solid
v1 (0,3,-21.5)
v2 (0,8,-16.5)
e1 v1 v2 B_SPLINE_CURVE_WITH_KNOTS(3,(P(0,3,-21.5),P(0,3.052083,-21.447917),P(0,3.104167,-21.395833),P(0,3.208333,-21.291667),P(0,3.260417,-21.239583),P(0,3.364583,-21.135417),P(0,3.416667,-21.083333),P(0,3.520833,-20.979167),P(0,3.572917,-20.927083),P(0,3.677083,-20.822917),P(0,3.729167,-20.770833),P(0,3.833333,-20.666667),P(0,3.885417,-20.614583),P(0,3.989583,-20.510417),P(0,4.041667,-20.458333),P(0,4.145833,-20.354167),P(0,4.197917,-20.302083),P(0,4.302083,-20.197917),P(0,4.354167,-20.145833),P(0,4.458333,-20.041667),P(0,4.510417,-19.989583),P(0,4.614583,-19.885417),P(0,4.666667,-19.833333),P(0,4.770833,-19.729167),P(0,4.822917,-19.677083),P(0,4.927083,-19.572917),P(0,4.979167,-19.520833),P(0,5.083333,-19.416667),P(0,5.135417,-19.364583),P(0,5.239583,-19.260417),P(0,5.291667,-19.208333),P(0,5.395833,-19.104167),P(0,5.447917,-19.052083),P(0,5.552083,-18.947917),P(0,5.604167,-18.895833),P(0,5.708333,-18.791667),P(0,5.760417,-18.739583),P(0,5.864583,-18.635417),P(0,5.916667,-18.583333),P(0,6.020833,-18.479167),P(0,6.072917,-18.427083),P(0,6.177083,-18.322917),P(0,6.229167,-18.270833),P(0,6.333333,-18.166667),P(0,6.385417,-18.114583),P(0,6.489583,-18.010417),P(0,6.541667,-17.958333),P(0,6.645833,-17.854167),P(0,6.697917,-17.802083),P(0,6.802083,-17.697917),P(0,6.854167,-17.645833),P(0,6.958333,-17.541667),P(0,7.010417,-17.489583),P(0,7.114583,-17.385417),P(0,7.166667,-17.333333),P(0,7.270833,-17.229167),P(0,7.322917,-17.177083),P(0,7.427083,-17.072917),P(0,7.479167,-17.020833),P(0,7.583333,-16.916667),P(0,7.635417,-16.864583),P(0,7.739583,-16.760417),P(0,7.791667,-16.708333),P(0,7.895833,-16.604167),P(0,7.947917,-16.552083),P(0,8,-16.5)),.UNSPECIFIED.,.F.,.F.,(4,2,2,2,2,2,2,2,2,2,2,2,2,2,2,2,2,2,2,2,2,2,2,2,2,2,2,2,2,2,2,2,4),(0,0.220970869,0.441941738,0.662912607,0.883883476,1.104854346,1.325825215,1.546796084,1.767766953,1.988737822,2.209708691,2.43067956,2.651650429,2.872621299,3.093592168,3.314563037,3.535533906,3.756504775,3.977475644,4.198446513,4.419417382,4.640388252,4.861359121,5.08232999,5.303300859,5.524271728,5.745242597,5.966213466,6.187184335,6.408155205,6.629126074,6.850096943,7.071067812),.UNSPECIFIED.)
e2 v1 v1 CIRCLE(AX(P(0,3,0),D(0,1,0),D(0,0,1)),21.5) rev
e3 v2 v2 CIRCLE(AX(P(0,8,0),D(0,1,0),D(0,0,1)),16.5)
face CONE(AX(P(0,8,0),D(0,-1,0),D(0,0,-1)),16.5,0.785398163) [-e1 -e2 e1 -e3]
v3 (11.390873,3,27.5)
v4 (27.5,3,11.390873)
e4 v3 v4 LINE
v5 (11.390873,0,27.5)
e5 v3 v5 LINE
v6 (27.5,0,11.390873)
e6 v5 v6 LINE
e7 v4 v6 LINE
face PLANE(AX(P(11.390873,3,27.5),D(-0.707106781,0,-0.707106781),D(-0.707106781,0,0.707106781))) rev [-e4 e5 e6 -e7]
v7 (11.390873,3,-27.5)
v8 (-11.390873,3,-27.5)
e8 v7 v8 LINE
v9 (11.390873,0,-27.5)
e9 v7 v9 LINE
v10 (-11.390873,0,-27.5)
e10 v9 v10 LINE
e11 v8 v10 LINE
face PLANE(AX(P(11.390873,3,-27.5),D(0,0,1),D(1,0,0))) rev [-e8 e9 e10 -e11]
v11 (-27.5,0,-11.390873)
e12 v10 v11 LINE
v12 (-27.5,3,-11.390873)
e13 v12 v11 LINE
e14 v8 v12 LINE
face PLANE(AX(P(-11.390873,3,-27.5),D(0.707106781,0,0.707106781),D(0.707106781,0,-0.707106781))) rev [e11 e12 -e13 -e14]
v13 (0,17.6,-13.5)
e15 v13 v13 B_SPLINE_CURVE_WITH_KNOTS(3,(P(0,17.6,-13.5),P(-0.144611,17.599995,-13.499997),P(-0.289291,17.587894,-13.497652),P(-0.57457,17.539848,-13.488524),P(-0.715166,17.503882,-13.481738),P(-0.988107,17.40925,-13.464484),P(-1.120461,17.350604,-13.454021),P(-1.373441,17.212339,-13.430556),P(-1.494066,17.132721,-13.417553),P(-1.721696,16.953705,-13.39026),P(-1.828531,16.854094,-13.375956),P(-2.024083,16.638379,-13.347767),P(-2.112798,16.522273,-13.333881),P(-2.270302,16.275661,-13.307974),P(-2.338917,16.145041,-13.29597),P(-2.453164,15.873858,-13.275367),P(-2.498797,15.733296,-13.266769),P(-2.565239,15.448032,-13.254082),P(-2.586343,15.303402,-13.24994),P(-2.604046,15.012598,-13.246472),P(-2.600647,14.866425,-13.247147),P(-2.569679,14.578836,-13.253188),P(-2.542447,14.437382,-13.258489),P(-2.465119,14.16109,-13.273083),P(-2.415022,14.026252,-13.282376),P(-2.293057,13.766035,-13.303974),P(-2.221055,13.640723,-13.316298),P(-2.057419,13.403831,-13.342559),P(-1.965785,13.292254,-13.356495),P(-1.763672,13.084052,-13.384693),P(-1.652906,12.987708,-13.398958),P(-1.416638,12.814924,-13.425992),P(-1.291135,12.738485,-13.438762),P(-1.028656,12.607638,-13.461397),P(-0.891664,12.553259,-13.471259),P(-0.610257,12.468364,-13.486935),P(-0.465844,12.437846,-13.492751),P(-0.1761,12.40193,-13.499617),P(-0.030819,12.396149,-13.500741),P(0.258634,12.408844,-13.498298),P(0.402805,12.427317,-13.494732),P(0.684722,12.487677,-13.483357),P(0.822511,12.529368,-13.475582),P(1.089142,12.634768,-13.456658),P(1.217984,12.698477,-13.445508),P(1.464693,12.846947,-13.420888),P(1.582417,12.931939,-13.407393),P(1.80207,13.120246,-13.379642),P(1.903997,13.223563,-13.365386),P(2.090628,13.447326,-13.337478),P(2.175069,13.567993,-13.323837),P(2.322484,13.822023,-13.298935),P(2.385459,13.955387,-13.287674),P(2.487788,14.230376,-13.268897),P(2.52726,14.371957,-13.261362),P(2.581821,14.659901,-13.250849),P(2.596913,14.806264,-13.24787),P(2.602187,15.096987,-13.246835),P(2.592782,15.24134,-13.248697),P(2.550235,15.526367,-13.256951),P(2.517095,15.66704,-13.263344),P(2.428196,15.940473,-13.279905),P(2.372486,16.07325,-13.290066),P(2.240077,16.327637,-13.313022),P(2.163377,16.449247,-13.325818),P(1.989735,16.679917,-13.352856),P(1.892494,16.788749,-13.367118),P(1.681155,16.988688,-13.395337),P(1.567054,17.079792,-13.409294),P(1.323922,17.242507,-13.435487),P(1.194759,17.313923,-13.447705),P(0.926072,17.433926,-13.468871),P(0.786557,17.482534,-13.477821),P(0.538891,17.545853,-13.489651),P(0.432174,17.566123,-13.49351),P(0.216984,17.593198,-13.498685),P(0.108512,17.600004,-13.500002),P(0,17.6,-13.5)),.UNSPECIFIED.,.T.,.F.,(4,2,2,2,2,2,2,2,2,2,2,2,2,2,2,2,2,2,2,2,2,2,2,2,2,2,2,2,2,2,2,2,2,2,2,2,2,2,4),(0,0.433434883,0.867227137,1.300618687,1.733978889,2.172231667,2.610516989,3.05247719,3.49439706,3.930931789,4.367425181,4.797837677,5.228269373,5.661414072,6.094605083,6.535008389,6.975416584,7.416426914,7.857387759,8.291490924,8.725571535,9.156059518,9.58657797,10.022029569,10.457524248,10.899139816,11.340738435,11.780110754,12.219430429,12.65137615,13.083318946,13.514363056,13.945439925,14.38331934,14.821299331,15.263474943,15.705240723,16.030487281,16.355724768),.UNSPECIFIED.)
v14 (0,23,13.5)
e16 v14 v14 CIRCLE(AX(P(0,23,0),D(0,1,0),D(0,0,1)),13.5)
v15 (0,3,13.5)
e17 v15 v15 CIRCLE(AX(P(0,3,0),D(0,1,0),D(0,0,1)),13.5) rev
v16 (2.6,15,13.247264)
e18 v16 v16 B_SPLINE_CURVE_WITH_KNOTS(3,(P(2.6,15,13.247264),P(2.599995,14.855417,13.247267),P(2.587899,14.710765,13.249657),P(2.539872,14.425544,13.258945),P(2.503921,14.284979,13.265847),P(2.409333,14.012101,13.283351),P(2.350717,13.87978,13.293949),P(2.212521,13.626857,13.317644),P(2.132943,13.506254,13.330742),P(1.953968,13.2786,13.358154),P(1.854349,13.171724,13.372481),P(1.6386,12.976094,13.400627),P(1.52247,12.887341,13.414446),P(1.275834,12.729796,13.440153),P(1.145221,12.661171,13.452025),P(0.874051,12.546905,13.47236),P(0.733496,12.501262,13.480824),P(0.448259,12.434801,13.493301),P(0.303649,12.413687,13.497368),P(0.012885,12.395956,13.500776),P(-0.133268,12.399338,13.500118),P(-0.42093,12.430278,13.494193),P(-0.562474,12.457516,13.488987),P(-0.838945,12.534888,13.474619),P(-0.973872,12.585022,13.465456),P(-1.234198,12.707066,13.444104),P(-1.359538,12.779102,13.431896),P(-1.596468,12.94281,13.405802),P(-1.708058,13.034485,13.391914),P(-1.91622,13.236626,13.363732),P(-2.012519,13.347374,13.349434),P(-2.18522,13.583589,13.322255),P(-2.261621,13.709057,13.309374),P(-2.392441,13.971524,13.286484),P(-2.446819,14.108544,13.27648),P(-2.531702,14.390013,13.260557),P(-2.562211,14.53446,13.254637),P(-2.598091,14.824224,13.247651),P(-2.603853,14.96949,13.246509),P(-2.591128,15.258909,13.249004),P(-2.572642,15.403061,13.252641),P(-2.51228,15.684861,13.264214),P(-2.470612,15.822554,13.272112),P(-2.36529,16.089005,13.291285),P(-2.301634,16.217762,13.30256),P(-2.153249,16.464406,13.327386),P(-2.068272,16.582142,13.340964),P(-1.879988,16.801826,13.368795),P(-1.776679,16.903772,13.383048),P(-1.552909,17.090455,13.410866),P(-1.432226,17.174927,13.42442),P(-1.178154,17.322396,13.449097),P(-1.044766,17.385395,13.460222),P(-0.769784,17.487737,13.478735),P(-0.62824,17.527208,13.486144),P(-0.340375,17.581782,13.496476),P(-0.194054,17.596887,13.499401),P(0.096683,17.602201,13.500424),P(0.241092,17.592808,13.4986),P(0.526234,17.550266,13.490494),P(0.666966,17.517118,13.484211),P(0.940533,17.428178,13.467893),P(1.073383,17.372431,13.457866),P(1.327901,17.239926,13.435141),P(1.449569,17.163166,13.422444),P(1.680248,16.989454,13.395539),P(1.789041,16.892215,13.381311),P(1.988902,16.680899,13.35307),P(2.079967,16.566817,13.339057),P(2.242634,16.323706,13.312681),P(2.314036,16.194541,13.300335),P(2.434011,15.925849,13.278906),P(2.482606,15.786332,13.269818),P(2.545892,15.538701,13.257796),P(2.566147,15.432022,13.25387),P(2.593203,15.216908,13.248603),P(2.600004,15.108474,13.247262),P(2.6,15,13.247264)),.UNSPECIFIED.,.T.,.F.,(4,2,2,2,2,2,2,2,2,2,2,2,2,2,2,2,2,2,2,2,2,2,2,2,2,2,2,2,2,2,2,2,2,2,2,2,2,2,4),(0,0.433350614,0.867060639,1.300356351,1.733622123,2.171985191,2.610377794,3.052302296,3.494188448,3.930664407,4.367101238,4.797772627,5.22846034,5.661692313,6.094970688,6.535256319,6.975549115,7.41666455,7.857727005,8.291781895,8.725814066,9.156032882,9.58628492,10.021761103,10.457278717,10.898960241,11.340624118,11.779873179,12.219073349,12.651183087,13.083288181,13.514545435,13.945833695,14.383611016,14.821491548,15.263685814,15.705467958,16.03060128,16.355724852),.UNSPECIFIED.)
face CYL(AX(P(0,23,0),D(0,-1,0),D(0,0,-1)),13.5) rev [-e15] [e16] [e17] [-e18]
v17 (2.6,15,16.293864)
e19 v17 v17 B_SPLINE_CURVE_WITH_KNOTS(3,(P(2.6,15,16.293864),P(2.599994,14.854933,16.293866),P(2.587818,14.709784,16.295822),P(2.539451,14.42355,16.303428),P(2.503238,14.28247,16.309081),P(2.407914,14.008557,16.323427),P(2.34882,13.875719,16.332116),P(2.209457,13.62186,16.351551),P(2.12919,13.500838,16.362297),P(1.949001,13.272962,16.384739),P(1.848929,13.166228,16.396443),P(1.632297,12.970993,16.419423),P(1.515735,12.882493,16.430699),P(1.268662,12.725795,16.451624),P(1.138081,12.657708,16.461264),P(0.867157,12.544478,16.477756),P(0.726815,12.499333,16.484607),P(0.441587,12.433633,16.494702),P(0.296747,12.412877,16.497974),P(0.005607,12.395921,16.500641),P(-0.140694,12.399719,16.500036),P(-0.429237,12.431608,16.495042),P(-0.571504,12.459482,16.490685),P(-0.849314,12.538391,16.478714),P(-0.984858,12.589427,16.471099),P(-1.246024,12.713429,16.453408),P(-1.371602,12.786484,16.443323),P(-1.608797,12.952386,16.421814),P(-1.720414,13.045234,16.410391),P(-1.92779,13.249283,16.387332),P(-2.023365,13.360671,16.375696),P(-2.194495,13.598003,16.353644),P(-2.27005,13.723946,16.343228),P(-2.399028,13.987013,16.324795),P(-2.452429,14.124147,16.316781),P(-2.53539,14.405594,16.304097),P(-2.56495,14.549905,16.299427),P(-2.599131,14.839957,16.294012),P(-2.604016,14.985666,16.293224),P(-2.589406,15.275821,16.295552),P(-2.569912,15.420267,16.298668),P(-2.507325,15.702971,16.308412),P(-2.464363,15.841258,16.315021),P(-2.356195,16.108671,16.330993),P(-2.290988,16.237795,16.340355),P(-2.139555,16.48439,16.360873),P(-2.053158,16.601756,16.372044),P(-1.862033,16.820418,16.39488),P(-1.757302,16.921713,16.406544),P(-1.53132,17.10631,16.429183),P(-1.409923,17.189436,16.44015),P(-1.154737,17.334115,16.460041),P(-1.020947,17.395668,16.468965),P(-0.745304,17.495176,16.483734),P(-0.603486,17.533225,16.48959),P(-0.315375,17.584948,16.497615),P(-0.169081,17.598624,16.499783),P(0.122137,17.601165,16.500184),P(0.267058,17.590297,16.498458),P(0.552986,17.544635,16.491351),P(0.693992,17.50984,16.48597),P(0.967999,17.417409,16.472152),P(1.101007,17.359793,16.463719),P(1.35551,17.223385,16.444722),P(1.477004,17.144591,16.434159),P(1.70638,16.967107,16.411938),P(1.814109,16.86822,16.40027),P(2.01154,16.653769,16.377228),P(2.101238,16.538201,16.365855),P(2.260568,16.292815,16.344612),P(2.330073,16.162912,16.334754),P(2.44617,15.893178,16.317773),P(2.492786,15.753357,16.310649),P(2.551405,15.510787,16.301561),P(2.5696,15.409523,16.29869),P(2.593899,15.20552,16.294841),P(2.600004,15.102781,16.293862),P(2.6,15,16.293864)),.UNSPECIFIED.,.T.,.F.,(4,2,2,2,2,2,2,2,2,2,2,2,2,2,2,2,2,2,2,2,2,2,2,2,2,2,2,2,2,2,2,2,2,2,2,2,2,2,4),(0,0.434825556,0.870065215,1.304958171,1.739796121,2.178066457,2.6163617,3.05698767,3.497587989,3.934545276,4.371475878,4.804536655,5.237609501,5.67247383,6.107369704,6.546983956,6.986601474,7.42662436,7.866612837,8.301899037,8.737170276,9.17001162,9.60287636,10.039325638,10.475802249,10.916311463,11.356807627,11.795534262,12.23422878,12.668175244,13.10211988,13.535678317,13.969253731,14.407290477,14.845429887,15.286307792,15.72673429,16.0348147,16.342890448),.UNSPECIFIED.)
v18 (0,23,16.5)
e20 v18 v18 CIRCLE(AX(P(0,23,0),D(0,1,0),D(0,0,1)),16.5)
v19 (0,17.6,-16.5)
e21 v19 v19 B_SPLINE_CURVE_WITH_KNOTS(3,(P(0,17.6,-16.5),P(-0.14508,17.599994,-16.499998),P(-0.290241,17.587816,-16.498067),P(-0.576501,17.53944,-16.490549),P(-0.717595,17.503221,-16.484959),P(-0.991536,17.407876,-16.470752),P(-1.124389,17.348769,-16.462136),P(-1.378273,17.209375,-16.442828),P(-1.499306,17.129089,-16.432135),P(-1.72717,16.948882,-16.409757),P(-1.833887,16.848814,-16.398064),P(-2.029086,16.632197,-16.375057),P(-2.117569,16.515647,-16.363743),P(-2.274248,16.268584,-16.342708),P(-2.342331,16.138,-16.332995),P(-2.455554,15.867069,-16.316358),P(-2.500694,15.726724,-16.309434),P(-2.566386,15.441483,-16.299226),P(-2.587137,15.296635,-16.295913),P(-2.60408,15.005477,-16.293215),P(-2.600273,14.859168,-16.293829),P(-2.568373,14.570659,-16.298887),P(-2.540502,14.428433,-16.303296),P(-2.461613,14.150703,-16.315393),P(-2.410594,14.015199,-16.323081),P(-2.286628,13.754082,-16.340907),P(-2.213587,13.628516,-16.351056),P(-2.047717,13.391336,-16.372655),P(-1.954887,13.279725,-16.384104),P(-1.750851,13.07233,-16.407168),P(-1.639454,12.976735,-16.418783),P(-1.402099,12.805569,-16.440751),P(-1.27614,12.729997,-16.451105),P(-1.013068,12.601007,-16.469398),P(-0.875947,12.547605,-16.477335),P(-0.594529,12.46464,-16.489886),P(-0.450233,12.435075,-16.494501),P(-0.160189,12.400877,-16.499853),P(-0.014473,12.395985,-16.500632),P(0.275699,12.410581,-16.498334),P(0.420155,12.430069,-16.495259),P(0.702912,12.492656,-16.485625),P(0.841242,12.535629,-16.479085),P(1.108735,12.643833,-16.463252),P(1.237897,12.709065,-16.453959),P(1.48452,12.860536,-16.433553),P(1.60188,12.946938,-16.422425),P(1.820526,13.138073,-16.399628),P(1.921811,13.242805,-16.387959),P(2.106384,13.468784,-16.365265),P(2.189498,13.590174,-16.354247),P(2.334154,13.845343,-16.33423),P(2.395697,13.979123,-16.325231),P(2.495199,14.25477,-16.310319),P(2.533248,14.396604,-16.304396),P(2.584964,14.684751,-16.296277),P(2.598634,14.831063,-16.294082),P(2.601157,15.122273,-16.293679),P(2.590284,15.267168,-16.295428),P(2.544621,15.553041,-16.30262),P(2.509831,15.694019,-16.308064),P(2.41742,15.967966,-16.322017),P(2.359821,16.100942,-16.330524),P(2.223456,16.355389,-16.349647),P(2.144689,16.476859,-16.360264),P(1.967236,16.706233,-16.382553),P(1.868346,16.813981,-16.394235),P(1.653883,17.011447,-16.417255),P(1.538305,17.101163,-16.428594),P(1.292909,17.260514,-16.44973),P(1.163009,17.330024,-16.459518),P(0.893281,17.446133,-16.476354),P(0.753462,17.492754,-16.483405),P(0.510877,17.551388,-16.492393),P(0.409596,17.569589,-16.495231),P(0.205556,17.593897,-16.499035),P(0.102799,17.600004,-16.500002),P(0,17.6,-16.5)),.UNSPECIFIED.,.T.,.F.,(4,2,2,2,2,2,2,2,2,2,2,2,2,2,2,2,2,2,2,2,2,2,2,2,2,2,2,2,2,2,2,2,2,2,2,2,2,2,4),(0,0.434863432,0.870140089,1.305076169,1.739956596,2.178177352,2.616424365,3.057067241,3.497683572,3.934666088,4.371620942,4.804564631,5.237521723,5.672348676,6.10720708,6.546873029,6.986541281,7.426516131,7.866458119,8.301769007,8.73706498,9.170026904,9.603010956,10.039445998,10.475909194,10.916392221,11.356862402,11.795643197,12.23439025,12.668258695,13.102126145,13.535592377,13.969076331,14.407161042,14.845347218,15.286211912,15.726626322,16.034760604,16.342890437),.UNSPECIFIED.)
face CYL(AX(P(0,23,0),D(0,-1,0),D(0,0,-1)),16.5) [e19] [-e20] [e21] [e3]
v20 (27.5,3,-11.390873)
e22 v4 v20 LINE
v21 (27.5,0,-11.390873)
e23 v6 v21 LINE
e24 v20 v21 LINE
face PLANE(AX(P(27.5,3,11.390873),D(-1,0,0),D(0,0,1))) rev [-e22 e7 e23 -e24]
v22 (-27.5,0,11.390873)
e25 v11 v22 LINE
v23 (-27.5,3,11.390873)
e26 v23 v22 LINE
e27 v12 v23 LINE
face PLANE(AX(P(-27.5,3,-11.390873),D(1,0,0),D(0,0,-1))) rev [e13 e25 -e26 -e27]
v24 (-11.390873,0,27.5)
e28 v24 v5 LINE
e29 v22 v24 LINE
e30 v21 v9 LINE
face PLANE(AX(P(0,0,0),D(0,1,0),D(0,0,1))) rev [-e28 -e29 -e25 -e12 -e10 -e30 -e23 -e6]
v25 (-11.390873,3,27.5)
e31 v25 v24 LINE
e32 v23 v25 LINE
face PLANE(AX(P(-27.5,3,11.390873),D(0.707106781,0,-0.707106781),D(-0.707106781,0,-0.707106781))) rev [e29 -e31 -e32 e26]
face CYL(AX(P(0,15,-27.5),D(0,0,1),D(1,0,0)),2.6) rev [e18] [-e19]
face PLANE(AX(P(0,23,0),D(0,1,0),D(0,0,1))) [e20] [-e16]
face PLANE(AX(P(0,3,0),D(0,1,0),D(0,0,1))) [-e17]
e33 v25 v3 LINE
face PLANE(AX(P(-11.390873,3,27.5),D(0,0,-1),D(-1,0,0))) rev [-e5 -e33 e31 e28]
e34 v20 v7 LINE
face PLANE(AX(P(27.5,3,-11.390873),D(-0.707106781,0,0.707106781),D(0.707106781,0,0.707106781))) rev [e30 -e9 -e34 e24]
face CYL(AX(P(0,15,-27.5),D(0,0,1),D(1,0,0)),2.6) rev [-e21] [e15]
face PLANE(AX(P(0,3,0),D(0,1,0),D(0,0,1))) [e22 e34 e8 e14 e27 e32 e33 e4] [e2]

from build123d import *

# Parameters (mm, degrees)
BOSS_EXTRUDE1_DEPTH     = 3
SKETCH4_R               = 16.5
SKETCH4_R_2             = 13.5
BOSS_EXTRUDE2_DEPTH     = 20
CUT_EXTRUDE1_DEPTH      = 46.18296139
CUT_EXTRUDE1_DEPTH_BACK = 46.18296139
SKETCH5_R               = 2.6
CHAMFER1_SIZE           = 5


with BuildPart() as part:
    # Sketch2 → Boss-Extrude1 (new body)
    with BuildSketch(Plane(origin=(0, 0, 0), x_dir=(1, 0, 0), z_dir=(0, 1, 0))):
        Polygon((-11.390872965, 27.5), (-27.5, 11.390872965), (-27.5, -11.390872965), (-11.390872965, -27.5), (11.390872965, -27.5), (27.5, -11.390872965), (27.5, 11.390872965), (11.390872965, 27.5), align=None)
    extrude(amount=BOSS_EXTRUDE1_DEPTH)

    # Sketch4 → Boss-Extrude2 (add)
    with BuildSketch(Plane(origin=(0, 3, 0), x_dir=(1, 0, 0), z_dir=(0, 1, 0))):
        with Locations(Location((0, 0, 0), (0, 0, 270))):
            Circle(SKETCH4_R)
        with Locations(Location((0, 0, 0), (0, 0, 270))):
            Circle(SKETCH4_R_2, mode=Mode.SUBTRACT)
    extrude(amount=BOSS_EXTRUDE2_DEPTH)

    # Sketch5 → Cut-Extrude1 (cut, two sides: drawn at the far end of the back side and taken through both)
    with BuildSketch(Plane.XY.offset(-CUT_EXTRUDE1_DEPTH_BACK)):
        with Locations((0, 15)):
            Circle(SKETCH5_R)
    extrude(amount=CUT_EXTRUDE1_DEPTH + CUT_EXTRUDE1_DEPTH_BACK, mode=Mode.SUBTRACT)

    # Chamfer1
    chamfer1_edges = [part.edges().sort_by_distance(p)[0] for p in [
        (0, 3, -16.5),
    ]]
    chamfer(chamfer1_edges, length=CHAMFER1_SIZE)


solid = part.part
